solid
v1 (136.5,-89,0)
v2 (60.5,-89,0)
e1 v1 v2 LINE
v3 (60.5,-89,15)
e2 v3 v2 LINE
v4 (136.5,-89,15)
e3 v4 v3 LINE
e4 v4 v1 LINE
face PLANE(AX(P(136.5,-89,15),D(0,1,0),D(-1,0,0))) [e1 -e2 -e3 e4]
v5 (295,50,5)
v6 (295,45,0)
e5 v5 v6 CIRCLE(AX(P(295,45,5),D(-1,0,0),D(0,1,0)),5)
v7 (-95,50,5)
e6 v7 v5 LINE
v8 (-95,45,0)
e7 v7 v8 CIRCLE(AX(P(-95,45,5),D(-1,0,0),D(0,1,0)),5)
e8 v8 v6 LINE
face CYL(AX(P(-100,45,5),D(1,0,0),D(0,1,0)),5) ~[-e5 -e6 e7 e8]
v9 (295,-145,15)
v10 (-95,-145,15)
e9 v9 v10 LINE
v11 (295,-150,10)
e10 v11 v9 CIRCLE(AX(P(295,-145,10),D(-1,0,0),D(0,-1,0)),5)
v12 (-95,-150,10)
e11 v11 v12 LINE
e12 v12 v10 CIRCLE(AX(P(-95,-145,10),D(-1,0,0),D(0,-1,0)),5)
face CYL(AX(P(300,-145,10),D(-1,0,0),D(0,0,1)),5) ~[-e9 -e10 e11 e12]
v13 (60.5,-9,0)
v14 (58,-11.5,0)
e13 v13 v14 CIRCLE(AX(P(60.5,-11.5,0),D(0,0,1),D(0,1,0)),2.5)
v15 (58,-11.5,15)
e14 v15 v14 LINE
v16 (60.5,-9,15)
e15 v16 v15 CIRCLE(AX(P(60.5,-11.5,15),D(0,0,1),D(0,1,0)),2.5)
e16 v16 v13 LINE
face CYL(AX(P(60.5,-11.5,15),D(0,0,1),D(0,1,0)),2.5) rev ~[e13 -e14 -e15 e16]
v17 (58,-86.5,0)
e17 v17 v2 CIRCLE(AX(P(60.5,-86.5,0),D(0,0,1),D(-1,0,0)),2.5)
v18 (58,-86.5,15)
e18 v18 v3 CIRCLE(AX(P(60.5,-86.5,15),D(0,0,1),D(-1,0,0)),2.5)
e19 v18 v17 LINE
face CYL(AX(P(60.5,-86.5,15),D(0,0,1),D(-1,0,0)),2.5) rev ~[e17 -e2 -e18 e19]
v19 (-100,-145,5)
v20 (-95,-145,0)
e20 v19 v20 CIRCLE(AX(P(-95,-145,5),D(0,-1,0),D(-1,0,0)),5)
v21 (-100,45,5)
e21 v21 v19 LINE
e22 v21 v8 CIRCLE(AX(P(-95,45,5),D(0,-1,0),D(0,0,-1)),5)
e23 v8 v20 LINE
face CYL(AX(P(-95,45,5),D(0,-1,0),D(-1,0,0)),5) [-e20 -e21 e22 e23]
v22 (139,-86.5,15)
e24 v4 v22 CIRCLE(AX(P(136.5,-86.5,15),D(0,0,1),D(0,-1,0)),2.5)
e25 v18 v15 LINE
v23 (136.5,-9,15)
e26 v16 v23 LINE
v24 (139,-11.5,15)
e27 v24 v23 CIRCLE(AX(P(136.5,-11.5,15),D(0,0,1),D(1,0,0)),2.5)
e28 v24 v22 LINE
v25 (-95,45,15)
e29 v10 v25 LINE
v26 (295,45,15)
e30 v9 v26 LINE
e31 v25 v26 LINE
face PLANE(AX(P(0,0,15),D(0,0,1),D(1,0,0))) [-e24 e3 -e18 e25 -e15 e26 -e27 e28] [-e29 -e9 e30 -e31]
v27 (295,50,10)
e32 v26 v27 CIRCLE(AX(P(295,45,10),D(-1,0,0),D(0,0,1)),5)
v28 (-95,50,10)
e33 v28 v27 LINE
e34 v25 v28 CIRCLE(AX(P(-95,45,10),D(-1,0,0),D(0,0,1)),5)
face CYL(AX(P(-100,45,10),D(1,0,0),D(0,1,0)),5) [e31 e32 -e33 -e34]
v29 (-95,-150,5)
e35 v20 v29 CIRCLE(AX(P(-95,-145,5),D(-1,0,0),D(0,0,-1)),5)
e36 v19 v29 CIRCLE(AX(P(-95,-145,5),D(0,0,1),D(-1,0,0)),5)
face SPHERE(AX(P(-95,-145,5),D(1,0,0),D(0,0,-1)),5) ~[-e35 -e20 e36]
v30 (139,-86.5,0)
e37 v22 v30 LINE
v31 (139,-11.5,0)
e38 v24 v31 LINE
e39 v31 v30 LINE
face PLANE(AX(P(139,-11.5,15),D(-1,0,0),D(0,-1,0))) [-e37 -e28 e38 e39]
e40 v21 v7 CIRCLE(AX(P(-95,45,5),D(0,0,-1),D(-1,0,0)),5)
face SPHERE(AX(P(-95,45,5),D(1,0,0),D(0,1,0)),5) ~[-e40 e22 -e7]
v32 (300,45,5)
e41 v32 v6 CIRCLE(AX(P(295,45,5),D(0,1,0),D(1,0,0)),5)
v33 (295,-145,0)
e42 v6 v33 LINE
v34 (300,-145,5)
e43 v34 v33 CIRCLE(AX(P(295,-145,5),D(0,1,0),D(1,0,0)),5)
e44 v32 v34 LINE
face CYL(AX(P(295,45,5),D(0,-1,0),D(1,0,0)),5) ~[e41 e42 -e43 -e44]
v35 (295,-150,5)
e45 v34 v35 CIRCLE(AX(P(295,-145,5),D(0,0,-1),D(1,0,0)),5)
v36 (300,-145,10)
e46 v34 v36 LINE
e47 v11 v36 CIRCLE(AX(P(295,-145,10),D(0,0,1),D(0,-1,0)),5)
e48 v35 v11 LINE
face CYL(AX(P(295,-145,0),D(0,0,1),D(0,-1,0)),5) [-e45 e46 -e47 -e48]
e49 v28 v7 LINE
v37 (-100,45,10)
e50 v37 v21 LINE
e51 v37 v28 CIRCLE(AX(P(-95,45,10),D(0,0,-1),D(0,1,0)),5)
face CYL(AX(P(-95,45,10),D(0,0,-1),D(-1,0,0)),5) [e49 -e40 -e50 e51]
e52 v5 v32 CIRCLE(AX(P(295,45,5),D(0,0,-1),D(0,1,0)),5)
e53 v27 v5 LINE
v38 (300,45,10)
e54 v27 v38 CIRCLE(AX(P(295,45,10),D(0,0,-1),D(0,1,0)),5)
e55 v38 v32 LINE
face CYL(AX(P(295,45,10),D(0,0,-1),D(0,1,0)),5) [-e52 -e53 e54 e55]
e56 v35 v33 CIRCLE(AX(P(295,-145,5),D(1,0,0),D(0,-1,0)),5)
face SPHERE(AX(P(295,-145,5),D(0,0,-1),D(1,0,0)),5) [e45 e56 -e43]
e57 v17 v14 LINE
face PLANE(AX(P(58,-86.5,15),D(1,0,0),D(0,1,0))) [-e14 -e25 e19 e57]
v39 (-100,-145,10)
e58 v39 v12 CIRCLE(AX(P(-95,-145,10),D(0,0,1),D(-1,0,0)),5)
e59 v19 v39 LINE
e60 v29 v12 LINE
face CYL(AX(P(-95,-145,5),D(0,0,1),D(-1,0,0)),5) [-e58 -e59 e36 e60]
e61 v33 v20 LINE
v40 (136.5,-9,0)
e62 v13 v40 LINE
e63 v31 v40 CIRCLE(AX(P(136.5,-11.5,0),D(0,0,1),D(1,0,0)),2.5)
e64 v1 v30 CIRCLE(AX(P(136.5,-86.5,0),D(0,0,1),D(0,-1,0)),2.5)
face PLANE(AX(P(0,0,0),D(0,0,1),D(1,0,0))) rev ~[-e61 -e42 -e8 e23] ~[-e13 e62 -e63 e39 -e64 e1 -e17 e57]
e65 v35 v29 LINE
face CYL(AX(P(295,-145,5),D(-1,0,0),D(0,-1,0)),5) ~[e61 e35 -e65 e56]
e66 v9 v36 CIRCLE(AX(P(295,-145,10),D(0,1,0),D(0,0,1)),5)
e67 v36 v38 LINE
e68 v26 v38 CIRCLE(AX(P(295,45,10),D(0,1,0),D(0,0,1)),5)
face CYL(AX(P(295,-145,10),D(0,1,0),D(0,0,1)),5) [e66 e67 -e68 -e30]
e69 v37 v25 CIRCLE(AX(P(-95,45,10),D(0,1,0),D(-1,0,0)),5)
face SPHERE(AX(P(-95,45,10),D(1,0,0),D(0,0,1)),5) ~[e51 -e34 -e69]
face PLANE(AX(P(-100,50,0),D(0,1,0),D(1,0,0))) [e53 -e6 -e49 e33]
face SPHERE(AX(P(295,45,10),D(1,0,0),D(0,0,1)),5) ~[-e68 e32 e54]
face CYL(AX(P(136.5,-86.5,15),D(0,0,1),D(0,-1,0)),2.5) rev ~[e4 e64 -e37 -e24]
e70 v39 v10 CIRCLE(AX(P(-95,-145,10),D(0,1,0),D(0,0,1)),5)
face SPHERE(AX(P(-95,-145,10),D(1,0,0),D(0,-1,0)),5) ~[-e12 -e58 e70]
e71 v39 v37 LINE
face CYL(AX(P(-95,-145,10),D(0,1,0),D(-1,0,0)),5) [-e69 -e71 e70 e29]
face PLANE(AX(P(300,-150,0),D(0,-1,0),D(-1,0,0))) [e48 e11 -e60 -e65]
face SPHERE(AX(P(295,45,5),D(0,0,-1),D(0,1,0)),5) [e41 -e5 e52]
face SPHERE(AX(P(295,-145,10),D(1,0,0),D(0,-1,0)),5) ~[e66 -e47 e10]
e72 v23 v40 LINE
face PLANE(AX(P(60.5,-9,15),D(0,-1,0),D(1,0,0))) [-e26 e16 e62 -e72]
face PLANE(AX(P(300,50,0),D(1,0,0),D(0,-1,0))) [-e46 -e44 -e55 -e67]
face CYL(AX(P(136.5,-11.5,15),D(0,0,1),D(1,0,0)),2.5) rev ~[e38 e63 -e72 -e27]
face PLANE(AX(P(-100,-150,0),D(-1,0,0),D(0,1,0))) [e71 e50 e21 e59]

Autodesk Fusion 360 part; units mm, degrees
sketch "Sketch1" plane through (0, 0, 0) normal (0, 0, 1) x (1, 0, 0)
  line L0 (-100, 50) -> (300, 50)
  line L1 (300, 50) -> (300, -150)
  line L2 (300, -150) -> (-100, -150)
  line L3 (-100, -150) -> (-100, 50)
  dimension "d1" = 200
extrude "Extrude1" add sketch "Sketch1" along normal blind 15
ref_plane "WorkPlane1" through (100, -50, 15) normal (0, 0, 1) x (1, 0, 0)
sketch "Sketch2" plane through (0, 0, 15) normal (0, 0, 1) x (1, 0, 0)
  line L0 (60.5, -9) -> (136.5, -9)
  line L1 (139, -11.5) -> (139, -86.5)
  line L2 (136.5, -89) -> (60.5, -89)
  line L3 (58, -86.5) -> (58, -11.5)
  arc A0 (58, -86.5) -> (60.5, -89) centre (60.5, -86.5) ccw
  arc A1 (136.5, -89) -> (139, -86.5) centre (136.5, -86.5) ccw
  arc A2 (139, -11.5) -> (136.5, -9) centre (136.5, -11.5) ccw
  arc A3 (60.5, -9) -> (58, -11.5) centre (60.5, -11.5) ccw
  dimension "d6" = 2.5
extrude "Extrude2" cut sketch "Sketch2" against normal blind 70
fillet "Fillet1" radius 5 1 edges at (100, 50, 15)
fillet "Fillet2" radius 5 1 edges at (100, -150, 15)
fillet "Fillet3" radius 5 5 edges at (300, -150, 5) (300, -148.5355, 13.5355) (300, -50, 15) (300, 48.5355, 13.5355) (300, 50, 5)
fillet "Fillet4" radius 5 5 edges at (97.5, 50, 0) (298.5355, 48.5355, 0) (300, -50, 0) (298.5355, -148.5355, 0) (97.5, -150, 0)
fillet "Fillet5" radius 5 8 edges at (-100, -150, 7.5) (-100, -148.5355, 1.4645) (-100, -50, 0) (-100, 48.5355, 1.4645) (-100, 50, 7.5) (-100, 48.5355, 13.5355) (-100, -50, 15) (-100, -148.5355, 13.5355)
